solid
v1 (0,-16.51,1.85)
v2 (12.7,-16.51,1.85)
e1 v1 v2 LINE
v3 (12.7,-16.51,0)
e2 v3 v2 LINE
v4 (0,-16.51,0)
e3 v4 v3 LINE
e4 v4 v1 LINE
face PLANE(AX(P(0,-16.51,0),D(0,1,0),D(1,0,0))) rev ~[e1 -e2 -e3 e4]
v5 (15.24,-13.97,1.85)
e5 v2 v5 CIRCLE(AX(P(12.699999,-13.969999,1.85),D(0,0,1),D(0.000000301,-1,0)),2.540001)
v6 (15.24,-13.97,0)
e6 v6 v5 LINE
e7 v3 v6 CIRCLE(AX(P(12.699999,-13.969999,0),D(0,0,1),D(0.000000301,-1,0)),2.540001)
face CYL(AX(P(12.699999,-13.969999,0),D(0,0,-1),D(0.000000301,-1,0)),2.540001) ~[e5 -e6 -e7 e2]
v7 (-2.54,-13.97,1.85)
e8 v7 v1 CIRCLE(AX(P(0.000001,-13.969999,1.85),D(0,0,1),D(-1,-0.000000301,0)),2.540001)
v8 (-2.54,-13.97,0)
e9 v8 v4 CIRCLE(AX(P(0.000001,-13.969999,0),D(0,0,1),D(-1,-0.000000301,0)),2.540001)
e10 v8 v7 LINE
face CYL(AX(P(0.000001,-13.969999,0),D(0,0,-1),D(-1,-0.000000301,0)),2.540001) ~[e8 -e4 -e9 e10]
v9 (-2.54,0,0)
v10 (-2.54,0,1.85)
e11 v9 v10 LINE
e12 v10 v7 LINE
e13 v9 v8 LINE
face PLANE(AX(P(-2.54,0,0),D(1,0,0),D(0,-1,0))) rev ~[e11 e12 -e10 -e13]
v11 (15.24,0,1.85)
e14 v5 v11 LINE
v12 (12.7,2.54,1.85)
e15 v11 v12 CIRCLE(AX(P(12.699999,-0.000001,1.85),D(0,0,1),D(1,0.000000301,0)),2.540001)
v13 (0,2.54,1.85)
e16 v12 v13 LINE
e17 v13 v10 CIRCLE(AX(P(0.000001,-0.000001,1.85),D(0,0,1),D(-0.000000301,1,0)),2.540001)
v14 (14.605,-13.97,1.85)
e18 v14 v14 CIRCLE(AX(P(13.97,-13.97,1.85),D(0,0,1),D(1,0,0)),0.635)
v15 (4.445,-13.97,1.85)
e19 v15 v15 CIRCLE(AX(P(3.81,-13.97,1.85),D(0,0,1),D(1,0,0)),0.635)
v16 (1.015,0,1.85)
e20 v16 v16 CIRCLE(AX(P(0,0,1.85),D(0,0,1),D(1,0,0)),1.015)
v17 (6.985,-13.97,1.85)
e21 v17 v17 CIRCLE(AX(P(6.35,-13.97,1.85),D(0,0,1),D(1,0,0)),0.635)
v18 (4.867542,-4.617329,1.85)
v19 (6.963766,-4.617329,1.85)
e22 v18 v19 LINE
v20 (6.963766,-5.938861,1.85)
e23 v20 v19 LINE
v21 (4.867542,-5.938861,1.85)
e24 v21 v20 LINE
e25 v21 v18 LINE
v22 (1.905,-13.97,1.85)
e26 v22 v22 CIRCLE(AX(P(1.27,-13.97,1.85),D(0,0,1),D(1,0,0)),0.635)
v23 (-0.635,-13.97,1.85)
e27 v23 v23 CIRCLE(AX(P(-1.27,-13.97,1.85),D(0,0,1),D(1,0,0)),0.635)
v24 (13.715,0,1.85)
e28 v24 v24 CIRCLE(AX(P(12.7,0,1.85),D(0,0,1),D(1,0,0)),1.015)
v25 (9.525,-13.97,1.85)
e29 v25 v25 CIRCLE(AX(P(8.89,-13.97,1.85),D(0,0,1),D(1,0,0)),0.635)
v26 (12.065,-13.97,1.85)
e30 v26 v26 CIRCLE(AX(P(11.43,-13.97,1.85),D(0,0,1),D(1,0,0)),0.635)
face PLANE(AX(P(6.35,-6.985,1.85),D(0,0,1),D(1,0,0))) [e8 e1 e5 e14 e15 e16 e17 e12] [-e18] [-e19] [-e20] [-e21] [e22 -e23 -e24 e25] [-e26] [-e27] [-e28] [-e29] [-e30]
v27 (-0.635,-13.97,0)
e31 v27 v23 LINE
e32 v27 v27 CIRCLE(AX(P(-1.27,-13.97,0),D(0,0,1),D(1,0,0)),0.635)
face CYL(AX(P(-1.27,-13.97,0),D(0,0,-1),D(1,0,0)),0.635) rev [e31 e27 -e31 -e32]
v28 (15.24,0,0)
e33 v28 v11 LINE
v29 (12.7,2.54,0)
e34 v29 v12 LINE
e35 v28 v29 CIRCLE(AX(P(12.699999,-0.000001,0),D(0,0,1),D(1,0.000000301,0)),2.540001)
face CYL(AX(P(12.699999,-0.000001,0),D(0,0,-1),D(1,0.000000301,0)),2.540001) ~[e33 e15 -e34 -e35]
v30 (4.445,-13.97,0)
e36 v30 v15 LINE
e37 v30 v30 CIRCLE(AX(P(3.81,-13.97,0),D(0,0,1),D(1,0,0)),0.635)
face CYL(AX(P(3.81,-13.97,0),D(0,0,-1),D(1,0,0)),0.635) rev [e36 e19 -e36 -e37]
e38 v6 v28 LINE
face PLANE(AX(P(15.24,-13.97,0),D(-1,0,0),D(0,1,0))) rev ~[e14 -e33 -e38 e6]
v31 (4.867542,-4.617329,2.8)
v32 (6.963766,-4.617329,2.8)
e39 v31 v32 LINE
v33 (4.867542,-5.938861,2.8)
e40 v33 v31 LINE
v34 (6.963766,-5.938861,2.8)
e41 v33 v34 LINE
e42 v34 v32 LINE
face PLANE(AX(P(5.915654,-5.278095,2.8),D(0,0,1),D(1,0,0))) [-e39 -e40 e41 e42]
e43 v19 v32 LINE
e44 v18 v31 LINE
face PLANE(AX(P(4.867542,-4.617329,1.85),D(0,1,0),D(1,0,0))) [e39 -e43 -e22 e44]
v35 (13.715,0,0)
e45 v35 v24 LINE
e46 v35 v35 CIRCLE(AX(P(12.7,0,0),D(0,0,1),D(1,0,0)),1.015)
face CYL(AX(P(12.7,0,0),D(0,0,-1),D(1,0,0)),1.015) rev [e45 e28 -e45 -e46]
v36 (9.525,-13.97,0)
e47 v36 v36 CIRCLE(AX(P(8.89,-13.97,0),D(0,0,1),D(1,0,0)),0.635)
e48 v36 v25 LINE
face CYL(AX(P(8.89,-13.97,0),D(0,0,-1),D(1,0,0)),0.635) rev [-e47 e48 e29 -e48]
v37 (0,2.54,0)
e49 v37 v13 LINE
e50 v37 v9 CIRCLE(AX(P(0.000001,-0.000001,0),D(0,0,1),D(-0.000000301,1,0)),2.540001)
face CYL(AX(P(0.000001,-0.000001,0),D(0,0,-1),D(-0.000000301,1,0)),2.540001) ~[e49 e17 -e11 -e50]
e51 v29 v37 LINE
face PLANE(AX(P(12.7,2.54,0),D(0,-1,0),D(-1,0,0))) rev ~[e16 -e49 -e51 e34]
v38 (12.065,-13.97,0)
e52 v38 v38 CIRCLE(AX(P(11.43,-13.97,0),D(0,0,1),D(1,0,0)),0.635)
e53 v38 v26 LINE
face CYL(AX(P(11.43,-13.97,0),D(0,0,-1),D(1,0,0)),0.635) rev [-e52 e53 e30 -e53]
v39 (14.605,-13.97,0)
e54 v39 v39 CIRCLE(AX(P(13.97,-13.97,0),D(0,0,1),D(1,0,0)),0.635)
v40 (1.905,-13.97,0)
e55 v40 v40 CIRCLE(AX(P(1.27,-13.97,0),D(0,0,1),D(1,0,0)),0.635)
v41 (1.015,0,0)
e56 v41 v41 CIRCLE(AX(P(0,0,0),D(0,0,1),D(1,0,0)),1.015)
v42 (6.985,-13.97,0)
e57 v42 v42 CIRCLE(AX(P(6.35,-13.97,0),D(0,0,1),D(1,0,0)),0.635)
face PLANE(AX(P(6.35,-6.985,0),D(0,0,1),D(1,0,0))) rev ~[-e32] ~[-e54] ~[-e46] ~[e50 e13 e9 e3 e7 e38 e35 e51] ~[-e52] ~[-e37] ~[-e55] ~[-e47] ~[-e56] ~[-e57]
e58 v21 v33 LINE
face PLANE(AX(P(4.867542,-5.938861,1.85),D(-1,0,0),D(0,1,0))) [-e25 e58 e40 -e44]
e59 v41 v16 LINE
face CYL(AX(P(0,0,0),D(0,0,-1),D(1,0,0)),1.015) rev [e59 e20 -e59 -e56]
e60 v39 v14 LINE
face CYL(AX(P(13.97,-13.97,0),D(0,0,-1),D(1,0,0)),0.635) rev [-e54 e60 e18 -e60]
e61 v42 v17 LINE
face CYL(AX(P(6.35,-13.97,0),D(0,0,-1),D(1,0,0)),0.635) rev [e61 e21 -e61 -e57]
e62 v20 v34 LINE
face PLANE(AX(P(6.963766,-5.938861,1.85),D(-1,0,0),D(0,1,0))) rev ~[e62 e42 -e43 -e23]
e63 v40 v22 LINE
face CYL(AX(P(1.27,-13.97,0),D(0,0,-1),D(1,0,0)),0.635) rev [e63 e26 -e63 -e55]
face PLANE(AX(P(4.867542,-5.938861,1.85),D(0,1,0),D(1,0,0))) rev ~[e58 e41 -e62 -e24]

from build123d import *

# Parameters (mm, degrees)
F0_R     = 0.635
F0_R_2   = 1.015
F1_DEPTH = 1.85
F2_W     = 2.096224
F2_H     = 1.321533
F3_DEPTH = 0.95


with BuildPart() as f1:
    # F0 (on Top) → F1 (new body)
    with BuildSketch(Plane.XY):
        with BuildLine():
            ThreePointArc((-2.54, -13.97), (-1.796051, -15.766051), (0, -16.51))
            Line((0, -16.51), (12.7, -16.51))
            ThreePointArc((12.7, -16.51), (14.496051, -15.766051), (15.24, -13.97))
            Line((15.24, -13.97), (15.24, 0))
            ThreePointArc((15.24, 0), (14.496051, 1.796051), (12.7, 2.54))
            Line((12.7, 2.54), (0, 2.54))
            ThreePointArc((0, 2.54), (-1.796051, 1.796051), (-2.54, 0))
            Line((-2.54, 0), (-2.54, -13.97))
        make_face()
        with Locations((-1.27, -13.97)):
            Circle(F0_R, mode=Mode.SUBTRACT)
        with Locations((1.27, -13.97)):
            Circle(F0_R, mode=Mode.SUBTRACT)
        with Locations((3.81, -13.97)):
            Circle(F0_R, mode=Mode.SUBTRACT)
        with Locations((6.35, -13.97)):
            Circle(F0_R, mode=Mode.SUBTRACT)
        with Locations((8.89, -13.97)):
            Circle(F0_R, mode=Mode.SUBTRACT)
        with Locations((11.43, -13.97)):
            Circle(F0_R, mode=Mode.SUBTRACT)
        with Locations((13.97, -13.97)):
            Circle(F0_R, mode=Mode.SUBTRACT)
        Circle(F0_R_2, mode=Mode.SUBTRACT)
        with Locations((12.7, 0)):
            Circle(F0_R_2, mode=Mode.SUBTRACT)
    extrude(amount=F1_DEPTH)

    # F2 (on face) → F3 (join)
    with BuildSketch(Plane.XY.offset(1.85)):
        with Locations((5.915654, -5.278095)):
            Rectangle(F2_W, F2_H)
    extrude(amount=F3_DEPTH)


solid = f1.part
